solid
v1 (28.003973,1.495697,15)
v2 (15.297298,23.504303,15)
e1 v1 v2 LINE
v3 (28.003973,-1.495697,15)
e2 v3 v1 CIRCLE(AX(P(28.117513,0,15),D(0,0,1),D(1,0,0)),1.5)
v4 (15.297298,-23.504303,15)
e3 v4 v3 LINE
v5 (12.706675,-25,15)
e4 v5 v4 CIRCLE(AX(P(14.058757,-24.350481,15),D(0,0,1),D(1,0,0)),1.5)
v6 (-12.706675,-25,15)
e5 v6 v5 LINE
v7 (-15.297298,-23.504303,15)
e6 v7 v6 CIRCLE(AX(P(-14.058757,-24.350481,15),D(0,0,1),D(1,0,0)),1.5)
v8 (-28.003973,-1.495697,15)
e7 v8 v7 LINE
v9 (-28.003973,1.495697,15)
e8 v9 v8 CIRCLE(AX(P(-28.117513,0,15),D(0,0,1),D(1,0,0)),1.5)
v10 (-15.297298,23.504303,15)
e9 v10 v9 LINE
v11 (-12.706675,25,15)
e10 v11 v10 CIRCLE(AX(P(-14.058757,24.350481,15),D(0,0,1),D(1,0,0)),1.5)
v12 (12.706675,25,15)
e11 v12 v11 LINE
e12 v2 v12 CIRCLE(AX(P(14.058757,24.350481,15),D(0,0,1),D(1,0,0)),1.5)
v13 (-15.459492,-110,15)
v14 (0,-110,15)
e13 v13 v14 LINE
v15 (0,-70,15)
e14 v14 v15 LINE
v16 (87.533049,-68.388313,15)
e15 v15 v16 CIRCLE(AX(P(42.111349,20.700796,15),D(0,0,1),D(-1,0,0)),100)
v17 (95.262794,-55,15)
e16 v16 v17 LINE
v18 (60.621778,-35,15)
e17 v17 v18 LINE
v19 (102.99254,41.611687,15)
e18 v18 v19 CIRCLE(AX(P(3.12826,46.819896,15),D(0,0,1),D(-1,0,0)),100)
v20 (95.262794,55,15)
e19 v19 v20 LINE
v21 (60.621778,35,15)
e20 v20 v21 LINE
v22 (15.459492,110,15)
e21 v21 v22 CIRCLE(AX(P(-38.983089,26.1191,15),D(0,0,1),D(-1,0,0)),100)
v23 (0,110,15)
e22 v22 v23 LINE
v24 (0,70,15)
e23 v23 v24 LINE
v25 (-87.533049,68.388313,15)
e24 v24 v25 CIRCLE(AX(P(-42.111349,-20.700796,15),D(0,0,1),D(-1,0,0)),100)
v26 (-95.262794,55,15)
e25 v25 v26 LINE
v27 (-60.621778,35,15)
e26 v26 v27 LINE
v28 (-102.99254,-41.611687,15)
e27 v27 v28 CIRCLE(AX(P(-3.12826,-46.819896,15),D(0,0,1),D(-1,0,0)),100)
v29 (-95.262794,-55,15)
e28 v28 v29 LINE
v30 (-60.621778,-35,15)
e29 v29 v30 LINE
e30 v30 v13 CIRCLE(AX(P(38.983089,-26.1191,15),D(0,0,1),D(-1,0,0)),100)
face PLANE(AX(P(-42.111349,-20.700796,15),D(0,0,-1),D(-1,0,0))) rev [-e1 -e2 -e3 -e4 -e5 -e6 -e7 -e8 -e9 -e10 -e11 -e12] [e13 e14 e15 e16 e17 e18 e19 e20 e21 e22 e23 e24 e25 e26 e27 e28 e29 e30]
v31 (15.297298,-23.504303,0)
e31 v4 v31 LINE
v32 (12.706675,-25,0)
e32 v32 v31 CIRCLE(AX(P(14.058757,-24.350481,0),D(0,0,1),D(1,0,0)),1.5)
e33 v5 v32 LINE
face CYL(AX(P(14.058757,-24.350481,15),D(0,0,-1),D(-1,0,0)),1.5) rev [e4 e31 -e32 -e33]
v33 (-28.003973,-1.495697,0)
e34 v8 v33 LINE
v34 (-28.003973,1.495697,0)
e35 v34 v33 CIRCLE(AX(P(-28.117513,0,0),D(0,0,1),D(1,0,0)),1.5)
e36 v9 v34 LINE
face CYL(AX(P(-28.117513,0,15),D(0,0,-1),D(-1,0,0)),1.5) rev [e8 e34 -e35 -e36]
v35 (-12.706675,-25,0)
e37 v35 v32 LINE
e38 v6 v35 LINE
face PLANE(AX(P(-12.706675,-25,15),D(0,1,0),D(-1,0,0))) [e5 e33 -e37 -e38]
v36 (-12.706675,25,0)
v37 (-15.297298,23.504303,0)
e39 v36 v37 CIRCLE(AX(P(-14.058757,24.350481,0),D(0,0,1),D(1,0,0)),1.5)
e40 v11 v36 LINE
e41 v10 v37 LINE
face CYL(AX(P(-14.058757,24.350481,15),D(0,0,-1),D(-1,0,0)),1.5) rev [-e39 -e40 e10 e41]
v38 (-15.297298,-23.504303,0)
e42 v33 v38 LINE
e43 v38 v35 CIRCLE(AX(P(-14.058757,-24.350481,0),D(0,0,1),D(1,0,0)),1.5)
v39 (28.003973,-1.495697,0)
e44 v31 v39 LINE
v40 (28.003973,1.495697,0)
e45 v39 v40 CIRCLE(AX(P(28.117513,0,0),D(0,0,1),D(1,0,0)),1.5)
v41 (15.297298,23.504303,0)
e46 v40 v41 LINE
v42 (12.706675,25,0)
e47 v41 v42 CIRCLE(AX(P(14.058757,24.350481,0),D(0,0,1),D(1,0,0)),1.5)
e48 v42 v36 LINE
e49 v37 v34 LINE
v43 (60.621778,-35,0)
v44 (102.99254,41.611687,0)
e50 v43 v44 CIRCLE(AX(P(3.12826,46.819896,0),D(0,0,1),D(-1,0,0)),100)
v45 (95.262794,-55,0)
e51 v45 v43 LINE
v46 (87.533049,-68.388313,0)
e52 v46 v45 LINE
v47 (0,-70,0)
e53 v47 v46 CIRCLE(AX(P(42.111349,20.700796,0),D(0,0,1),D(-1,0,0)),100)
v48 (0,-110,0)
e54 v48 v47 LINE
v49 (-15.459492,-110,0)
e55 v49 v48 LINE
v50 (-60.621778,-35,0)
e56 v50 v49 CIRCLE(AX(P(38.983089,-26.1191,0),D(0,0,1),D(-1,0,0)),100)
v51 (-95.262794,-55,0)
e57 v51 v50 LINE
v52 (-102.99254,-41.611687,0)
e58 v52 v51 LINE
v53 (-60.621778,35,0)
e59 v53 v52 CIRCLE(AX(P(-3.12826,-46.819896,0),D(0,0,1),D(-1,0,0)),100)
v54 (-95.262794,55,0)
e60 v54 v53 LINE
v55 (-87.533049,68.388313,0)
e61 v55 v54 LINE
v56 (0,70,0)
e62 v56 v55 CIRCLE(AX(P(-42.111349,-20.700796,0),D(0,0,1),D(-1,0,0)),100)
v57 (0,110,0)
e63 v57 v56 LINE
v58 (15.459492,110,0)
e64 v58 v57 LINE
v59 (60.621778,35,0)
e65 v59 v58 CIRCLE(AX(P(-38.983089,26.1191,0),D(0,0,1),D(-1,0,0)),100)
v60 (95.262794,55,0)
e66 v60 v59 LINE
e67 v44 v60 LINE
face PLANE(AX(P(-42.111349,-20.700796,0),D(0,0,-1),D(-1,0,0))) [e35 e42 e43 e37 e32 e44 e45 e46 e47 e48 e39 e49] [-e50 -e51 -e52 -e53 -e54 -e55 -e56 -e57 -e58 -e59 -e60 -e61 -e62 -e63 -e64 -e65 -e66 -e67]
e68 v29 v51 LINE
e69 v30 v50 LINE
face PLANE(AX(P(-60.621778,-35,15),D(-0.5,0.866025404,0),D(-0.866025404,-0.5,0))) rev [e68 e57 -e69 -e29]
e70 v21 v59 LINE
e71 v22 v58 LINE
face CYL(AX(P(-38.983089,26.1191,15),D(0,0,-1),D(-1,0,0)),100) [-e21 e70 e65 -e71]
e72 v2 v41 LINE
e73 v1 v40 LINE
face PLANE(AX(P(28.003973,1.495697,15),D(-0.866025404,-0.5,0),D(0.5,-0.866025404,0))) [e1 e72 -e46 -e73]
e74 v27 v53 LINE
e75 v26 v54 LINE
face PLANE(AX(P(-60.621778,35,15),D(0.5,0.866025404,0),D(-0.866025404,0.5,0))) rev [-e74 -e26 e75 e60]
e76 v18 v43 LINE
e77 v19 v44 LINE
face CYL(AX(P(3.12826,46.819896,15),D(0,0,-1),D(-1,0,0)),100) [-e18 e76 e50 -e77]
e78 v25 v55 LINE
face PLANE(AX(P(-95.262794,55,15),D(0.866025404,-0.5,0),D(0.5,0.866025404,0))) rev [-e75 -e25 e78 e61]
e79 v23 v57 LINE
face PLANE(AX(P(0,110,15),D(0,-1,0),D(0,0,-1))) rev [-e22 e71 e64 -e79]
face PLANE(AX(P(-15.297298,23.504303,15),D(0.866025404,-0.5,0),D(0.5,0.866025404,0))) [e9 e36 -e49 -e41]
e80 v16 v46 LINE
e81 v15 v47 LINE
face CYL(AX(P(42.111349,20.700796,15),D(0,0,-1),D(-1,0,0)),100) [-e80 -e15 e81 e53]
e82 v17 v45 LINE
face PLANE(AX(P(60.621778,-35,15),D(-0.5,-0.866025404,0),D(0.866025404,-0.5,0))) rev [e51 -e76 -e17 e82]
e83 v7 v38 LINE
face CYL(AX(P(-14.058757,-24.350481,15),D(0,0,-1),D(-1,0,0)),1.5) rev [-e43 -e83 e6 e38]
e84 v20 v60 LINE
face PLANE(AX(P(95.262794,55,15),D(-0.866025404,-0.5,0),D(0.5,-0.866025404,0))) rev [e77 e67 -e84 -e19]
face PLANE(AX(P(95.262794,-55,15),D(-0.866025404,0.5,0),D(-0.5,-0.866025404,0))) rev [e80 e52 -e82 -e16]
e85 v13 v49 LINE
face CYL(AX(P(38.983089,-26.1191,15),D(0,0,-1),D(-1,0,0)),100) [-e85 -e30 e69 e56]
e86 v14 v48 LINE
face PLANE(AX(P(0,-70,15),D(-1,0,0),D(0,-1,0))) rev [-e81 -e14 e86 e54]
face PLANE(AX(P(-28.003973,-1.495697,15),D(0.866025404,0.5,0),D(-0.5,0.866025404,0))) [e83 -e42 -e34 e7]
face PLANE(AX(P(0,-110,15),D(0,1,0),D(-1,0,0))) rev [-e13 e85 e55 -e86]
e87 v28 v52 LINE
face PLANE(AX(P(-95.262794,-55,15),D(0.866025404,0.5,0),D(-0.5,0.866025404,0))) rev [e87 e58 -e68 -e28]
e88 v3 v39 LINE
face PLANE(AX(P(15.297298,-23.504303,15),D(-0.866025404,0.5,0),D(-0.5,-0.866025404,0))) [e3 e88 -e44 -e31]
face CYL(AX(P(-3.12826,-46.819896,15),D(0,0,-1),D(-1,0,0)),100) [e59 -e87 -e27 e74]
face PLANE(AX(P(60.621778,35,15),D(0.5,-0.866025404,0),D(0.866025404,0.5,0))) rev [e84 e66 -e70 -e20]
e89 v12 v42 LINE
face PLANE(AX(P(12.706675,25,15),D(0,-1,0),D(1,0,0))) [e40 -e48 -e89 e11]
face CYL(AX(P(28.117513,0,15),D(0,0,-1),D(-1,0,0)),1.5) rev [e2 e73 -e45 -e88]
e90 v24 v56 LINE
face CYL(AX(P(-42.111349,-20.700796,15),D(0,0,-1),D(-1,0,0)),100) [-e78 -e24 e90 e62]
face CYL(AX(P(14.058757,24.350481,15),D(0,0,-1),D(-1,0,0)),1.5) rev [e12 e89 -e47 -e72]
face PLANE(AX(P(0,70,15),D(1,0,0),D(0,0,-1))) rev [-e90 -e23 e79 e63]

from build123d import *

# Parameters (mm, degrees)
BOSS_EXTRUDE1_DEPTH = 15


with BuildPart() as part:
    # Sketch1 → Boss-Extrude1 (new body)
    with BuildSketch(Plane.XY):
        with BuildLine():
            Line((0, 70), (0, 110))
            Line((0, 110), (15.459491817, 110))
            ThreePointArc((15.459491817, 110), (46.684314733, 77.704911176), (60.621778265, 35))
            Line((60.621778265, 35), (95.262794416, 55))
            Line((95.262794416, 55), (102.992540325, 41.611687357))
            ThreePointArc((102.992540325, 41.611687357), (90.636584443, -1.577346929), (60.621778265, -35))
            Line((60.621778265, -35), (95.262794416, -55))
            Line((95.262794416, -55), (87.533048508, -68.388312643))
            ThreePointArc((87.533048508, -68.388312643), (43.952269711, -79.282258105), (0, -70))
            Line((0, -70), (0, -110))
            Line((0, -110), (-15.459491817, -110))
            ThreePointArc((-15.459491817, -110), (-46.684314733, -77.704911176), (-60.621778265, -35))
            Line((-60.621778265, -35), (-95.262794416, -55))
            Line((-95.262794416, -55), (-102.992540325, -41.611687357))
            ThreePointArc((-102.992540325, -41.611687357), (-90.636584443, 1.577346929), (-60.621778265, 35))
            Line((-60.621778265, 35), (-95.262794416, 55))
            Line((-95.262794416, 55), (-87.533048508, 68.388312643))
            ThreePointArc((-87.533048508, 68.388312643), (-43.952269711, 79.282258105), (0, 70))
        make_face()
        with BuildLine():
            Line((-28.003972595, -1.495696651), (-15.297297594, -23.504303349))
            ThreePointArc((-15.297297594, -23.504303349), (-14.80875673, -25.649519053), (-12.706675001, -25))
            Line((-12.706675001, -25), (12.706675001, -25))
            ThreePointArc((12.706675001, -25), (14.80875673, -25.649519053), (15.297297594, -23.504303349))
            Line((15.297297594, -23.504303349), (28.003972595, -1.495696651))
            ThreePointArc((28.003972595, -1.495696651), (29.617513459, 0), (28.003972595, 1.495696651))
            Line((28.003972595, 1.495696651), (15.297297594, 23.504303349))
            ThreePointArc((15.297297594, 23.504303349), (14.80875673, 25.649519053), (12.706675001, 25))
            Line((12.706675001, 25), (-12.706675001, 25))
            ThreePointArc((-12.706675001, 25), (-14.80875673, 25.649519053), (-15.297297594, 23.504303349))
            Line((-15.297297594, 23.504303349), (-28.003972595, 1.495696651))
            ThreePointArc((-28.003972595, 1.495696651), (-29.617513459, 0), (-28.003972595, -1.495696651))
        make_face(mode=Mode.SUBTRACT)
    extrude(amount=BOSS_EXTRUDE1_DEPTH)


solid = part.part
